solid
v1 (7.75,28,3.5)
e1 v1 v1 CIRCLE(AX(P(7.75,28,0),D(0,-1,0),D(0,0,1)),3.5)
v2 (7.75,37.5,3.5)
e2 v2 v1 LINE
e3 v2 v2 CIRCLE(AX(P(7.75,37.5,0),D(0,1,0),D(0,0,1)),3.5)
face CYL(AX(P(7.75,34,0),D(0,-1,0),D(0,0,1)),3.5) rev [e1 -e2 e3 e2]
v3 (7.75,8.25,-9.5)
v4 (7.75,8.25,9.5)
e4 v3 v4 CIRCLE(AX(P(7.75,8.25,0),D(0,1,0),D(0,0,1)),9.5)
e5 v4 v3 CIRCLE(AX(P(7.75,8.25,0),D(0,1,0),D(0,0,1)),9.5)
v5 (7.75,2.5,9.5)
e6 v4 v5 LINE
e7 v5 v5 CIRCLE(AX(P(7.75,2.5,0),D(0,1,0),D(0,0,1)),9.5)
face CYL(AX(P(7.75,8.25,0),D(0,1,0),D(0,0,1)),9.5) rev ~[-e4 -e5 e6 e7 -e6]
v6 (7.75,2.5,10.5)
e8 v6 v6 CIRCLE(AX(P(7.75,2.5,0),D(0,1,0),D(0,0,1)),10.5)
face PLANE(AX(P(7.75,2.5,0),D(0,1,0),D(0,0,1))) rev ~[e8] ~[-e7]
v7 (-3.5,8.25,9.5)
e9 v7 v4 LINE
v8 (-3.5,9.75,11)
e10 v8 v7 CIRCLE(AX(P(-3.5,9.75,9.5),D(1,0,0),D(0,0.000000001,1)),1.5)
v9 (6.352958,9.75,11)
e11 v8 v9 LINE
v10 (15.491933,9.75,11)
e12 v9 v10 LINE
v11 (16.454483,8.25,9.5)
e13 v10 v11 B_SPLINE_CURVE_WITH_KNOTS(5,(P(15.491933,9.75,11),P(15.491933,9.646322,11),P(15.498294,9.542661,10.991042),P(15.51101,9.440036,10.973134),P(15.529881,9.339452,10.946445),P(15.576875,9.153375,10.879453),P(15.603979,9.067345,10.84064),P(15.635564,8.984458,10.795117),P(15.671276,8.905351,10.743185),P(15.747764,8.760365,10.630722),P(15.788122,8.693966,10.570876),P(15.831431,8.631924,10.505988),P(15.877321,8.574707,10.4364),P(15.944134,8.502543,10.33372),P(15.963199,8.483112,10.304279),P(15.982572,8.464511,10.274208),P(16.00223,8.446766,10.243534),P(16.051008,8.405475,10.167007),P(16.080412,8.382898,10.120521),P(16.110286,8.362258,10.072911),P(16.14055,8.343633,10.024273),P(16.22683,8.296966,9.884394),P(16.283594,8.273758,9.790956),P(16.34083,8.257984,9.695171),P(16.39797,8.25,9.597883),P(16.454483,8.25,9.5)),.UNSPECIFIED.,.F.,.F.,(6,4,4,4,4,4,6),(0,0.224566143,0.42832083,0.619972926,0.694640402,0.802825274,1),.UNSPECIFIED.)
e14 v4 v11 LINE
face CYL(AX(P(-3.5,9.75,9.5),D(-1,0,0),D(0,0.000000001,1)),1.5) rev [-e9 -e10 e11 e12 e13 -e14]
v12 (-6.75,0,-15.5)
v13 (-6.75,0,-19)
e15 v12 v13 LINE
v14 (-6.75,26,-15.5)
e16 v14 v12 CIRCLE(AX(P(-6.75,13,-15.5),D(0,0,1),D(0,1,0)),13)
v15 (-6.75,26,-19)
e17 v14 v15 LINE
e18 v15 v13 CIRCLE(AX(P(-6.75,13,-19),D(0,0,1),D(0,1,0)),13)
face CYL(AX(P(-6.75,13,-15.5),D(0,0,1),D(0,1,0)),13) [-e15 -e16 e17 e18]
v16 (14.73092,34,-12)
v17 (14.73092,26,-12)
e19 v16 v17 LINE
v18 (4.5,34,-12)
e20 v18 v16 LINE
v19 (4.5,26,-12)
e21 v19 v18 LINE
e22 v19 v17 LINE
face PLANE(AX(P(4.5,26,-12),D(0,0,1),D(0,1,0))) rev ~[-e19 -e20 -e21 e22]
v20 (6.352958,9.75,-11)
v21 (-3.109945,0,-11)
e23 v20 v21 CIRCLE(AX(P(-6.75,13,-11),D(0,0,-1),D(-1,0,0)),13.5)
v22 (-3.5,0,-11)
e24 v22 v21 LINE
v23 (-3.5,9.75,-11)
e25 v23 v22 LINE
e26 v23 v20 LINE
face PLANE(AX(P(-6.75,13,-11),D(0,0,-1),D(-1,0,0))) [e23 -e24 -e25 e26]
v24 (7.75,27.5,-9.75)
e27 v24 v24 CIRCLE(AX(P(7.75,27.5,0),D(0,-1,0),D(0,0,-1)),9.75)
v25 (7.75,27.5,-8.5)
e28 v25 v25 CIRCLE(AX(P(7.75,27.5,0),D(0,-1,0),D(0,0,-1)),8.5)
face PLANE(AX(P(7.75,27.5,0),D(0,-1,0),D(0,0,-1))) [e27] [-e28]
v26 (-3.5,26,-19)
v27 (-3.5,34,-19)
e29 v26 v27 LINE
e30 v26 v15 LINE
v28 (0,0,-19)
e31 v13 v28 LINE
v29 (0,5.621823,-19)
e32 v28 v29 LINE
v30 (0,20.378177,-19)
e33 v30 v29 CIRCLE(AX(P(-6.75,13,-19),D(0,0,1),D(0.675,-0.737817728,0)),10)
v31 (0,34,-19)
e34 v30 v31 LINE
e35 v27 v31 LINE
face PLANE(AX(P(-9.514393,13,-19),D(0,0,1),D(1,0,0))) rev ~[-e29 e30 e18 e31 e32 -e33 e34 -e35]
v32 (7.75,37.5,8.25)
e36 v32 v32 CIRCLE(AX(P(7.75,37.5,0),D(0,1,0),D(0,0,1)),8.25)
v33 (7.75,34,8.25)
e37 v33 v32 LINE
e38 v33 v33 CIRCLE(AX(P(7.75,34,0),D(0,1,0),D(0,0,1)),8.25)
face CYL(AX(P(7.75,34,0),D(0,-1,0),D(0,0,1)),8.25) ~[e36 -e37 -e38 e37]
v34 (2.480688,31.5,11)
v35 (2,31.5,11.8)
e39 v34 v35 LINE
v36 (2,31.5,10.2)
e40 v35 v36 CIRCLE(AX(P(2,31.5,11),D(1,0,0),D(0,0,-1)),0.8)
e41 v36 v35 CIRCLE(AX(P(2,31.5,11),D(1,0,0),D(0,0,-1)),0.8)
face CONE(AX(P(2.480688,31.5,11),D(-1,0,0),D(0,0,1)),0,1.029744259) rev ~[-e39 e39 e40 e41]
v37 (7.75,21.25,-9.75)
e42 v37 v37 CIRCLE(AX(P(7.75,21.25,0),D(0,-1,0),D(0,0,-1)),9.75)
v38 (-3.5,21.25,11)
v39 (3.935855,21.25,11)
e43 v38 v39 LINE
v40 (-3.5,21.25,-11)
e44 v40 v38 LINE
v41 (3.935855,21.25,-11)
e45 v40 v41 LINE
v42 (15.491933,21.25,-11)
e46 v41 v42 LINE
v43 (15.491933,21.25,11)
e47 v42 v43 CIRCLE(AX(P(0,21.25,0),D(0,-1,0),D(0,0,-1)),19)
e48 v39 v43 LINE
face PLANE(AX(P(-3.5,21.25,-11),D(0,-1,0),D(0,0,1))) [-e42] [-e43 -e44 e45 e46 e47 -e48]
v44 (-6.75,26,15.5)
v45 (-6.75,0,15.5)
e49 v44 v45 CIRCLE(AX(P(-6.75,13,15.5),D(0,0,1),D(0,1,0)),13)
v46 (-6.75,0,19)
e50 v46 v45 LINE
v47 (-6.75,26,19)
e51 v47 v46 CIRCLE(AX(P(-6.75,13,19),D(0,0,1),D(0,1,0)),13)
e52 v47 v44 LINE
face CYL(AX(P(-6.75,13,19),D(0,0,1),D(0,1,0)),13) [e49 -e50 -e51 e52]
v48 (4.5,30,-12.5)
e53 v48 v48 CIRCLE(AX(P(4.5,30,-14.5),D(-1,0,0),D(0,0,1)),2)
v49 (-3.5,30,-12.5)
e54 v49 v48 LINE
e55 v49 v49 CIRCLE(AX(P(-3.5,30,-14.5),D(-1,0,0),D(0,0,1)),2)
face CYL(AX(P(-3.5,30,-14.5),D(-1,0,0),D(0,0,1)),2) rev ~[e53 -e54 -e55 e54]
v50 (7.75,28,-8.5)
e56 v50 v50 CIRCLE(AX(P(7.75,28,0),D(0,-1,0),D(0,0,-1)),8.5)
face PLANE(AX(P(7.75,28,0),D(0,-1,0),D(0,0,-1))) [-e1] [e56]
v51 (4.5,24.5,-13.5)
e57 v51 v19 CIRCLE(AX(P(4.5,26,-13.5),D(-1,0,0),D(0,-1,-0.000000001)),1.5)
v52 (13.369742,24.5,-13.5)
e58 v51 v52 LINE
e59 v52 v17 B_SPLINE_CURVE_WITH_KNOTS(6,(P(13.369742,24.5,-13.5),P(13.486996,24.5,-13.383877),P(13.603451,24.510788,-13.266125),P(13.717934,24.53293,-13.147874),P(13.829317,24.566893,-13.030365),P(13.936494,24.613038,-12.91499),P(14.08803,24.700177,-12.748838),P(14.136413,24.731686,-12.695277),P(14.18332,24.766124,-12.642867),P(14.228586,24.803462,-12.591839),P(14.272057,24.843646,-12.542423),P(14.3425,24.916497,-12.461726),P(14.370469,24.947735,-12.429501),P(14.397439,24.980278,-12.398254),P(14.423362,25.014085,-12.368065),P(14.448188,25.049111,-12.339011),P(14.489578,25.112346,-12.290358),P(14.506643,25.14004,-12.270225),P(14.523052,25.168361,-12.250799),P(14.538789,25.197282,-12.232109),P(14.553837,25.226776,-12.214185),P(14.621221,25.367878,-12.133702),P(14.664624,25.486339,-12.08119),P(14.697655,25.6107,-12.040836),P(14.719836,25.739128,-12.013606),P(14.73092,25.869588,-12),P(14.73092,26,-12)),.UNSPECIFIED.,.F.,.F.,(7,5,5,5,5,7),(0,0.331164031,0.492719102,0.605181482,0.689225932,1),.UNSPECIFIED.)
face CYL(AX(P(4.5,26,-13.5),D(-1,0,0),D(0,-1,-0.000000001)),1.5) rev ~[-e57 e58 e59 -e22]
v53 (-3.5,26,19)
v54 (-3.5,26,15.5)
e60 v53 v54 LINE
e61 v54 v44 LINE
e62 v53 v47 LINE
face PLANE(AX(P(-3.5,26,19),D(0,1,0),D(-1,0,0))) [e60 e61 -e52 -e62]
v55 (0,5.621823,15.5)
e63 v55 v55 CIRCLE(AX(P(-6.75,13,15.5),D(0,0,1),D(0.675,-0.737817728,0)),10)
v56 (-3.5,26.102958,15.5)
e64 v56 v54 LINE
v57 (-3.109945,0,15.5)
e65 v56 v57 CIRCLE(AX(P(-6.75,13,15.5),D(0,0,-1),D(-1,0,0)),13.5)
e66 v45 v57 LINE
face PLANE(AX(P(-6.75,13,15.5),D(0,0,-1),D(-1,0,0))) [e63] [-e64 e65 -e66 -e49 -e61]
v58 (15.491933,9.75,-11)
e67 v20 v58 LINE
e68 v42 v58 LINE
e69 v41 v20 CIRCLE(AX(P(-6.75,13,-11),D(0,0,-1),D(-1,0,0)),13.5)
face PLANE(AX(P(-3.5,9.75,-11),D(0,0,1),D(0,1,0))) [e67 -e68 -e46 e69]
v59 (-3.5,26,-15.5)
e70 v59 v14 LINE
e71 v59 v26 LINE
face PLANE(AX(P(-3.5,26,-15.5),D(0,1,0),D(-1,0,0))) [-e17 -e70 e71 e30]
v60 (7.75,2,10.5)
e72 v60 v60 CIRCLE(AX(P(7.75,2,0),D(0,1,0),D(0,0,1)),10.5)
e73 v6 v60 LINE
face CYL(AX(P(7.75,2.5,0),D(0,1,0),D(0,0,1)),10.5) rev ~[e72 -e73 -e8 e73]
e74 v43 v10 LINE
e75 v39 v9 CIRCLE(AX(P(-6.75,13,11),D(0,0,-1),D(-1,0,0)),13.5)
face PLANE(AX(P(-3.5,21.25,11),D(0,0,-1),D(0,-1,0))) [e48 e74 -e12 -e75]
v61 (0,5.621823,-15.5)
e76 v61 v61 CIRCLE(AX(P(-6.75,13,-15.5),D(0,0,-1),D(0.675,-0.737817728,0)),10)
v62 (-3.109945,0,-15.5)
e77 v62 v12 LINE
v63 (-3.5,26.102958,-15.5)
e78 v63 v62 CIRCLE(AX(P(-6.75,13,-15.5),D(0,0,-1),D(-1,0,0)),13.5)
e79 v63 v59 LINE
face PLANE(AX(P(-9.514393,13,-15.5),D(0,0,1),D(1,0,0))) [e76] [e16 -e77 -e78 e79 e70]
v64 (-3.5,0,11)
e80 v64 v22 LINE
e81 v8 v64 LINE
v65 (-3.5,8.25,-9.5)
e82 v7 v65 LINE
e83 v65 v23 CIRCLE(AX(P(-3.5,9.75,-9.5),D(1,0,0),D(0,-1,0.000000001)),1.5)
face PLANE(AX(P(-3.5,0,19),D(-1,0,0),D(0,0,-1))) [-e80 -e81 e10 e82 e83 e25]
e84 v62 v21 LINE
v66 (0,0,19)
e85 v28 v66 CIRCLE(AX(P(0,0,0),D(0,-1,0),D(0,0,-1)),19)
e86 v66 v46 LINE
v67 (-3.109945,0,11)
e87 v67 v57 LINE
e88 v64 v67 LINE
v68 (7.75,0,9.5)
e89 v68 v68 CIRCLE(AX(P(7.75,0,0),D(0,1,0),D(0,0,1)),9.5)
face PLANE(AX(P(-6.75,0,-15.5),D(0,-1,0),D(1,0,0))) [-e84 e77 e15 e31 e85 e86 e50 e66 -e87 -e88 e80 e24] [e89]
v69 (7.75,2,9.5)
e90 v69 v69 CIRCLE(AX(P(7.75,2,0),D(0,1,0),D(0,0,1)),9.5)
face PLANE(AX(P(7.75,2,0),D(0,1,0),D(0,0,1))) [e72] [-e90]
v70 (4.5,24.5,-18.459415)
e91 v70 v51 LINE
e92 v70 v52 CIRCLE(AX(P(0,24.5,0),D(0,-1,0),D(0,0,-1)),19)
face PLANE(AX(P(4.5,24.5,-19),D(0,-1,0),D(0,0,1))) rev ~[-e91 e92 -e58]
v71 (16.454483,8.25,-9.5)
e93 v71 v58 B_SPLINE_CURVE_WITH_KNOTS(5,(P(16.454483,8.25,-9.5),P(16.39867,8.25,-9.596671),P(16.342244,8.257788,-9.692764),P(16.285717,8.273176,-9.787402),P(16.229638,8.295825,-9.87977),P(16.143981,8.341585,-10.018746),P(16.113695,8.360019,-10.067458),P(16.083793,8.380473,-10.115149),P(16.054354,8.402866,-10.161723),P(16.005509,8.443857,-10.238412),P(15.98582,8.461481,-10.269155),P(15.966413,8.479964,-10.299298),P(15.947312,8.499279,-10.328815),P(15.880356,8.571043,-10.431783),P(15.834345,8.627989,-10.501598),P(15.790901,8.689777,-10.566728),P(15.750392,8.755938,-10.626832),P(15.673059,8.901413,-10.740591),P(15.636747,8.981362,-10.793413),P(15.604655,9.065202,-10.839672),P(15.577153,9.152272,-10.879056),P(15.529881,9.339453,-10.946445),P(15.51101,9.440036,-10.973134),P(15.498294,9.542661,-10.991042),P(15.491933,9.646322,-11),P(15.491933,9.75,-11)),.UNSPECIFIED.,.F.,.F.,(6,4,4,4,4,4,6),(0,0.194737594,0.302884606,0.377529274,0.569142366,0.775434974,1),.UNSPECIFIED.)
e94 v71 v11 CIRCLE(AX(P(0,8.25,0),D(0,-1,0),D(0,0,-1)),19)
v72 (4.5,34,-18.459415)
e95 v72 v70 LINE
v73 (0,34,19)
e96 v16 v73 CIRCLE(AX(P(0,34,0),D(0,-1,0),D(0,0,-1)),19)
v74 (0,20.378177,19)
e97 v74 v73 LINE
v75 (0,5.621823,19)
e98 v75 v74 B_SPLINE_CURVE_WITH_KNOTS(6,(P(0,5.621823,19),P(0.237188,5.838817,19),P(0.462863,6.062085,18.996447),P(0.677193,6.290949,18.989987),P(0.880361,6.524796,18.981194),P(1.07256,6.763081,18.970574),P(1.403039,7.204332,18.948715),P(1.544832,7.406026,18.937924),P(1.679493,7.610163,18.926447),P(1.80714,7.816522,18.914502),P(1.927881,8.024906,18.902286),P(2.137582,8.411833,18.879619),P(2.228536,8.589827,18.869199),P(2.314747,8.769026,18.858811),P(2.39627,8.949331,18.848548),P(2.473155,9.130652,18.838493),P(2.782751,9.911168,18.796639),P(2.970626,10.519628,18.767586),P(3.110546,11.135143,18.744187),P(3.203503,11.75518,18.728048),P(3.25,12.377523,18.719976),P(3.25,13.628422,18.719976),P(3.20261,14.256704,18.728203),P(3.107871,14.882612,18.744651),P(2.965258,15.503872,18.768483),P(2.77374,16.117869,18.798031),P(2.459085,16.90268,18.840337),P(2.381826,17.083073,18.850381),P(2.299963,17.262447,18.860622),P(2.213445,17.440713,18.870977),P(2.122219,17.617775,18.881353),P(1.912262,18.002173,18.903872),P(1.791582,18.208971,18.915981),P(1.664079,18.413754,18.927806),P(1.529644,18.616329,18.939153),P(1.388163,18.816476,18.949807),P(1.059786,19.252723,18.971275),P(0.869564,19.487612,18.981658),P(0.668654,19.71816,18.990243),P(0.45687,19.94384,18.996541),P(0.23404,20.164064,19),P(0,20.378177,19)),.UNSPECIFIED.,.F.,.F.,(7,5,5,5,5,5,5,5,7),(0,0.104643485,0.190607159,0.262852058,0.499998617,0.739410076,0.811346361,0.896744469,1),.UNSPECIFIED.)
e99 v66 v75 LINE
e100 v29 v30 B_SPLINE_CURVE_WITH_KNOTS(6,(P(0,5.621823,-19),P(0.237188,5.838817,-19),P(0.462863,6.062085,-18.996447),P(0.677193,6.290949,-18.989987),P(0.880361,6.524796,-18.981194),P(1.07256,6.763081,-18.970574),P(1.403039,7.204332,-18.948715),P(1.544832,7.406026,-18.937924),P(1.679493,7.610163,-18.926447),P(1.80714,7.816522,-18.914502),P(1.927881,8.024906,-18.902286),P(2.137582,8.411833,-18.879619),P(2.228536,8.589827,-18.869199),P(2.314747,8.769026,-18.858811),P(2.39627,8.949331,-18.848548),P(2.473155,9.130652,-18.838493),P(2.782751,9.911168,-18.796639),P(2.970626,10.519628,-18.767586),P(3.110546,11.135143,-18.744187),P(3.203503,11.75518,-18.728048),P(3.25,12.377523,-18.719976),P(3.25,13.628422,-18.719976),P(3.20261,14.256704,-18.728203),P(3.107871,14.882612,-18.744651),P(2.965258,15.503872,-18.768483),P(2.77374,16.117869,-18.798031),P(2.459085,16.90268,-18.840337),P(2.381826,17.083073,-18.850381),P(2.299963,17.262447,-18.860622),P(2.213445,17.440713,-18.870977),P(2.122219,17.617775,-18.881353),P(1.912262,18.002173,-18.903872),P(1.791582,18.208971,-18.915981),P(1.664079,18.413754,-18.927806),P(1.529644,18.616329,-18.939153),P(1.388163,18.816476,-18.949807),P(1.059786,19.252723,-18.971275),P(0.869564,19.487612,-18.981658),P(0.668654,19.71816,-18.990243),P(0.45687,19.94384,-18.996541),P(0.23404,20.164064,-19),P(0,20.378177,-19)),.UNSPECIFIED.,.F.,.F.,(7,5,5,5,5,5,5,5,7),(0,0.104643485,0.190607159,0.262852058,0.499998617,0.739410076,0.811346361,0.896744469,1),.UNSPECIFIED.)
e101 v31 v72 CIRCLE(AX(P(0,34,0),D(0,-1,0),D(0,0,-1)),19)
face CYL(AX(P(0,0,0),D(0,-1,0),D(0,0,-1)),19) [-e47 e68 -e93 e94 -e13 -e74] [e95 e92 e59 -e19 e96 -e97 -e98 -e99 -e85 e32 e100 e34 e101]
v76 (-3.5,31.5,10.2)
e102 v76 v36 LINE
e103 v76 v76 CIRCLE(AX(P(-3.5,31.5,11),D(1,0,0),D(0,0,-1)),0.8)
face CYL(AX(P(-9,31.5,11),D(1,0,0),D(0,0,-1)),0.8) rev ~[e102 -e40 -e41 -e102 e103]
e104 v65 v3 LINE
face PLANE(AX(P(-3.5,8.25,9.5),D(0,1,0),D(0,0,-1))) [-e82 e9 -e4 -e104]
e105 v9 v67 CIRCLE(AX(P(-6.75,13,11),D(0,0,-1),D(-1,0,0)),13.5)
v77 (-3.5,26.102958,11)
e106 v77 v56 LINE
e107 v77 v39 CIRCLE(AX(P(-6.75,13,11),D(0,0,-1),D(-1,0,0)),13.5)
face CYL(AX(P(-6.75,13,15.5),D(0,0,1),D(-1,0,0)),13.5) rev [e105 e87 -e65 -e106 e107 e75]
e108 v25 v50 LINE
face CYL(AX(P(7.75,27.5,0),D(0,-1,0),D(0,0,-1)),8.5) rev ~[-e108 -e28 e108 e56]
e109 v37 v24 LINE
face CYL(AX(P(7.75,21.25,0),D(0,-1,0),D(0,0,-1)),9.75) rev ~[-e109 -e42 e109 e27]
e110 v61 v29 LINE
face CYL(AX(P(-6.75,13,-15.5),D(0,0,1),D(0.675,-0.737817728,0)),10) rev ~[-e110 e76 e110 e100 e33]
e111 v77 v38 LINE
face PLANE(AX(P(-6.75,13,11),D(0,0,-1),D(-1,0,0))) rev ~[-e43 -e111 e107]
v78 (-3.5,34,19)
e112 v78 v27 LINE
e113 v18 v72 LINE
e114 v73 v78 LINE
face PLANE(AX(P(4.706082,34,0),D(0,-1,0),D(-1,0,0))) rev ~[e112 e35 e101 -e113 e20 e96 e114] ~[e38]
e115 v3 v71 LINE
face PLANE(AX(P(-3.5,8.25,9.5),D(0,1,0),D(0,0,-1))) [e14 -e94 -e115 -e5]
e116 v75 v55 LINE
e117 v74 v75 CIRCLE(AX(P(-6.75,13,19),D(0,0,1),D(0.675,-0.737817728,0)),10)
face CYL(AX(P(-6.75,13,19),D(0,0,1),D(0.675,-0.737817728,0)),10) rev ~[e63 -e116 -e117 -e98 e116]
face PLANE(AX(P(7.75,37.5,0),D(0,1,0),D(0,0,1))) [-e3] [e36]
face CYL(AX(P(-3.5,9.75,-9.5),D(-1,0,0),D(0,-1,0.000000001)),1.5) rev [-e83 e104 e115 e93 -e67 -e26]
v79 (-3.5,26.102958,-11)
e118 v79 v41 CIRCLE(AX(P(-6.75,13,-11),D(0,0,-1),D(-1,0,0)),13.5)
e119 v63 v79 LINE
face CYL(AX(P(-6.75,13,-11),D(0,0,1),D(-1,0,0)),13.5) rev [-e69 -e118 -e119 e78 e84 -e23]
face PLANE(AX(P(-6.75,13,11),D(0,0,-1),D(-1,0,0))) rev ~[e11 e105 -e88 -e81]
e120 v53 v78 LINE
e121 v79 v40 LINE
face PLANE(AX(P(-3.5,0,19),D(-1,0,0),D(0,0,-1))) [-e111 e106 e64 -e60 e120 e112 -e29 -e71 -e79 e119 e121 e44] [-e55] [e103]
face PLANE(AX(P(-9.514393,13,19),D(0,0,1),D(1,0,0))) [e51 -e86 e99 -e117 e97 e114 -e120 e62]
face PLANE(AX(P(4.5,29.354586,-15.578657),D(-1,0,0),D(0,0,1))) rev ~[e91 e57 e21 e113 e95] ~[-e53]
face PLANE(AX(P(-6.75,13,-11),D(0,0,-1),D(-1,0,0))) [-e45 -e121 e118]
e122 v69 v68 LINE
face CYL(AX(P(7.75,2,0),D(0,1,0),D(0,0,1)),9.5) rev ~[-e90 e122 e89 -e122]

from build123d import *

# Parameters (mm, degrees)
SKETCH2_R               = 3.5
BOSS_EXTRUDE1_DEPTH     = 34
SKETCH19_R              = 8.25
SKETCH19_R_2            = 3.5
BOSS_EXTRUDE3_DEPTH     = 3.5
BOSS_EXTRUDE2_DEPTH     = 3.5
SKETCH4_R               = 10
CUT_EXTRUDE1_DEPTH      = 3.5
LPATTERN4_COUNT         = 2
LPATTERN4_PITCH         = 34.5
CUT_EXTRUDE3_DEPTH      = 48.681233293
SKETCH7_R               = 13.5
CUT_EXTRUDE4_DEPTH      = 4.5
LPATTERN3_COUNT         = 2
LPATTERN3_PITCH         = 26.5
M2_TAPPED_HOLE1_D       = 1.6
M2_TAPPED_HOLE1_DEPTH   = 5.5
M2_TAPPED_HOLE1_TIP     = 0.480688495
SKETCH17_R              = 2
CUT_EXTRUDE5_DEPTH      = 8
CUT_EXTRUDE6_REACH      = 50.532
CUT_EXTRUDE6_END_RADIUS = 19
SKETCH20_R              = 9.75
CUT_EXTRUDE7_DEPTH      = 6.25
SKETCH21_R              = 8.5
CUT_EXTRUDE8_DEPTH      = 0.5
SKETCH22_R              = 9.5
CUT_EXTRUDE9_DEPTH      = 5.75
SKETCH23_R              = 10.5
CUT_EXTRUDE10_DEPTH     = 0.5
SKETCH24_R              = 9.5
CUT_EXTRUDE11_DEPTH     = 2


with BuildPart() as part:
    # Sketch2 → Boss-Extrude1 (new body)
    with BuildSketch(Plane(origin=(0, 0, 0), x_dir=(1, 0, 0), z_dir=(0, 1, 0))):
        with BuildLine():
            Line((-3.5, -19), (-3.5, 19))
            Line((-3.5, 19), (0, 19))
            ThreePointArc((0, 19), (19, 0), (0, -19))
            Line((0, -19), (-3.5, -19))
        make_face()
        with Locations(Location((7.75, 0, 0), (0, 0, 270))):
            Circle(SKETCH2_R, mode=Mode.SUBTRACT)
    extrude(amount=BOSS_EXTRUDE1_DEPTH)

    # Sketch19 → Boss-Extrude3 (add)
    with BuildSketch(Plane(origin=(0, 34, 0), x_dir=(1, 0, 0), z_dir=(0, 1, 0))):
        with Locations(Location((7.75, 0, 0), (0, 0, 270))):
            Circle(SKETCH19_R)
        with Locations(Location((7.75, 0, 0), (0, 0, 270))):
            Circle(SKETCH19_R_2, mode=Mode.SUBTRACT)
    extrude(amount=BOSS_EXTRUDE3_DEPTH)

    # Sketch3 → Boss-Extrude2 (add)
    with BuildSketch(Plane.XY.offset(19)):
        with BuildLine():
            Line((-6.75, 0), (-3.5, 0))
            Line((-3.5, 0), (-3.5, 26))
            Line((-3.5, 26), (-6.75, 26))
            ThreePointArc((-6.75, 26), (-19.75, 13), (-6.75, 0))
        make_face()
    boss_extrude2 = extrude(amount=-BOSS_EXTRUDE2_DEPTH)

    # Sketch4 → Cut-Extrude1 (cut)
    with BuildSketch(Plane.XY.offset(19)):
        with Locations(Location((-6.75, 13, 0), (0, 0, 312.454150204))):
            Circle(SKETCH4_R)
    cut_extrude1 = extrude(amount=-CUT_EXTRUDE1_DEPTH, mode=Mode.SUBTRACT)

    # LPattern4: Boss-Extrude2, Cut-Extrude1 ×2
    with Locations(*[(0, 0, -i * LPATTERN4_PITCH) for i in range(1, LPATTERN4_COUNT)]):
        add(boss_extrude2)
        add(cut_extrude1, mode=Mode.SUBTRACT)

    # Sketch6 → Cut-Extrude3 (cut, through all)
    with BuildSketch(Plane(origin=(-3.5, 0, 0), x_dir=(0, 0, -1), z_dir=(1, 0, 0))):
        with BuildLine():
            Line((11, 21.25), (-11, 21.25))
            Line((-11, 21.25), (-11, 9.75))
            ThreePointArc((-11, 9.75), (-10.560660172, 8.689339828), (-9.5, 8.25))
            Line((-9.5, 8.25), (9.5, 8.25))
            ThreePointArc((9.5, 8.25), (10.560660172, 8.689339828), (11, 9.75))
            Line((11, 9.75), (11, 21.25))
        make_face()
    extrude(amount=CUT_EXTRUDE3_DEPTH, mode=Mode.SUBTRACT)

    # Sketch7 → Cut-Extrude4 (cut)
    with BuildSketch(Plane(origin=(0, 0, 15.5), x_dir=(-1, 0, 0), z_dir=(0, 0, -1))):
        with Locations((6.75, 13)):
            Circle(SKETCH7_R)
    cut_extrude4 = extrude(amount=CUT_EXTRUDE4_DEPTH, mode=Mode.SUBTRACT)

    # LPattern3: Cut-Extrude4 ×2
    with Locations(*[(0, 0, -i * LPATTERN3_PITCH) for i in range(1, LPATTERN3_COUNT)]):
        add(cut_extrude4, mode=Mode.SUBTRACT)

    # M2 Tapped Hole1
    with Locations(Plane.ZY.offset(3.5)):
        with Locations((11, 31.5)):
            Hole(M2_TAPPED_HOLE1_D / 2, depth=M2_TAPPED_HOLE1_DEPTH)
            with Locations((0, 0, -(M2_TAPPED_HOLE1_DEPTH + M2_TAPPED_HOLE1_TIP / 2))):  # 118° drill point
                Cone(0, M2_TAPPED_HOLE1_D / 2, M2_TAPPED_HOLE1_TIP, mode=Mode.SUBTRACT)

    # Sketch17 → Cut-Extrude5 (cut)
    with BuildSketch(Plane.ZY.offset(3.5)):
        with Locations((-14.5, 30)):
            Circle(SKETCH17_R)
    extrude(amount=-CUT_EXTRUDE5_DEPTH, mode=Mode.SUBTRACT)

    # Cut-Extrude6: up to this cylinder (the profile starts inside it)
    cut_extrude6_end = Plane(origin=(0, 29.282291, 0), z_dir=(0, -1, 0)) * Cylinder(CUT_EXTRUDE6_END_RADIUS, 140.064, mode=Mode.PRIVATE)
    # Sketch18 → Cut-Extrude6 (cut, up to the surface)
    with BuildSketch(Plane.ZY.offset(-4.5), mode=Mode.PRIVATE) as cut_extrude6_sk1:
        with BuildLine():
            Line((-19, 24.5), (-13.5, 24.5))
            ThreePointArc((-13.5, 24.5), (-12.439339828, 24.939339828), (-12, 26))
            Line((-12, 26), (-12, 34))
            Line((-12, 34), (-19, 34))
            Line((-19, 34), (-19, 24.5))
        make_face()
    cut_extrude6_tool1 = extrude(cut_extrude6_sk1.sketch, amount=-CUT_EXTRUDE6_REACH, mode=Mode.PRIVATE) & cut_extrude6_end
    add(cut_extrude6_tool1.solids().sort_by_distance((4.5, 29.282291, -15.523149))[0], mode=Mode.SUBTRACT)

    # Sketch20 → Cut-Extrude7 (cut)
    with BuildSketch(Plane.XZ.offset(-21.25)):
        with Locations(Location((7.75, 0, 0), (0, 0, 270))):
            Circle(SKETCH20_R)
    extrude(amount=-CUT_EXTRUDE7_DEPTH, mode=Mode.SUBTRACT)

    # Sketch21 → Cut-Extrude8 (cut)
    with BuildSketch(Plane.XZ.offset(-27.5)):
        with Locations(Location((7.75, 0, 0), (0, 0, 270))):
            Circle(SKETCH21_R)
    extrude(amount=-CUT_EXTRUDE8_DEPTH, mode=Mode.SUBTRACT)

    # Sketch22 → Cut-Extrude9 (cut)
    with BuildSketch(Plane(origin=(0, 8.25, 0), x_dir=(1, 0, 0), z_dir=(0, 1, 0))):
        with Locations(Location((7.75, 0, 0), (0, 0, 270))):
            Circle(SKETCH22_R)
    extrude(amount=-CUT_EXTRUDE9_DEPTH, mode=Mode.SUBTRACT)

    # Sketch23 → Cut-Extrude10 (cut)
    with BuildSketch(Plane(origin=(0, 2.5, 0), x_dir=(1, 0, 0), z_dir=(0, 1, 0))):
        with Locations(Location((7.75, 0, 0), (0, 0, 270))):
            Circle(SKETCH23_R)
    extrude(amount=-CUT_EXTRUDE10_DEPTH, mode=Mode.SUBTRACT)

    # Sketch24 → Cut-Extrude11 (cut)
    with BuildSketch(Plane(origin=(0, 2, 0), x_dir=(1, 0, 0), z_dir=(0, 1, 0))):
        with Locations(Location((7.75, 0, 0), (0, 0, 270))):
            Circle(SKETCH24_R)
    extrude(amount=-CUT_EXTRUDE11_DEPTH, mode=Mode.SUBTRACT)


solid = part.part
